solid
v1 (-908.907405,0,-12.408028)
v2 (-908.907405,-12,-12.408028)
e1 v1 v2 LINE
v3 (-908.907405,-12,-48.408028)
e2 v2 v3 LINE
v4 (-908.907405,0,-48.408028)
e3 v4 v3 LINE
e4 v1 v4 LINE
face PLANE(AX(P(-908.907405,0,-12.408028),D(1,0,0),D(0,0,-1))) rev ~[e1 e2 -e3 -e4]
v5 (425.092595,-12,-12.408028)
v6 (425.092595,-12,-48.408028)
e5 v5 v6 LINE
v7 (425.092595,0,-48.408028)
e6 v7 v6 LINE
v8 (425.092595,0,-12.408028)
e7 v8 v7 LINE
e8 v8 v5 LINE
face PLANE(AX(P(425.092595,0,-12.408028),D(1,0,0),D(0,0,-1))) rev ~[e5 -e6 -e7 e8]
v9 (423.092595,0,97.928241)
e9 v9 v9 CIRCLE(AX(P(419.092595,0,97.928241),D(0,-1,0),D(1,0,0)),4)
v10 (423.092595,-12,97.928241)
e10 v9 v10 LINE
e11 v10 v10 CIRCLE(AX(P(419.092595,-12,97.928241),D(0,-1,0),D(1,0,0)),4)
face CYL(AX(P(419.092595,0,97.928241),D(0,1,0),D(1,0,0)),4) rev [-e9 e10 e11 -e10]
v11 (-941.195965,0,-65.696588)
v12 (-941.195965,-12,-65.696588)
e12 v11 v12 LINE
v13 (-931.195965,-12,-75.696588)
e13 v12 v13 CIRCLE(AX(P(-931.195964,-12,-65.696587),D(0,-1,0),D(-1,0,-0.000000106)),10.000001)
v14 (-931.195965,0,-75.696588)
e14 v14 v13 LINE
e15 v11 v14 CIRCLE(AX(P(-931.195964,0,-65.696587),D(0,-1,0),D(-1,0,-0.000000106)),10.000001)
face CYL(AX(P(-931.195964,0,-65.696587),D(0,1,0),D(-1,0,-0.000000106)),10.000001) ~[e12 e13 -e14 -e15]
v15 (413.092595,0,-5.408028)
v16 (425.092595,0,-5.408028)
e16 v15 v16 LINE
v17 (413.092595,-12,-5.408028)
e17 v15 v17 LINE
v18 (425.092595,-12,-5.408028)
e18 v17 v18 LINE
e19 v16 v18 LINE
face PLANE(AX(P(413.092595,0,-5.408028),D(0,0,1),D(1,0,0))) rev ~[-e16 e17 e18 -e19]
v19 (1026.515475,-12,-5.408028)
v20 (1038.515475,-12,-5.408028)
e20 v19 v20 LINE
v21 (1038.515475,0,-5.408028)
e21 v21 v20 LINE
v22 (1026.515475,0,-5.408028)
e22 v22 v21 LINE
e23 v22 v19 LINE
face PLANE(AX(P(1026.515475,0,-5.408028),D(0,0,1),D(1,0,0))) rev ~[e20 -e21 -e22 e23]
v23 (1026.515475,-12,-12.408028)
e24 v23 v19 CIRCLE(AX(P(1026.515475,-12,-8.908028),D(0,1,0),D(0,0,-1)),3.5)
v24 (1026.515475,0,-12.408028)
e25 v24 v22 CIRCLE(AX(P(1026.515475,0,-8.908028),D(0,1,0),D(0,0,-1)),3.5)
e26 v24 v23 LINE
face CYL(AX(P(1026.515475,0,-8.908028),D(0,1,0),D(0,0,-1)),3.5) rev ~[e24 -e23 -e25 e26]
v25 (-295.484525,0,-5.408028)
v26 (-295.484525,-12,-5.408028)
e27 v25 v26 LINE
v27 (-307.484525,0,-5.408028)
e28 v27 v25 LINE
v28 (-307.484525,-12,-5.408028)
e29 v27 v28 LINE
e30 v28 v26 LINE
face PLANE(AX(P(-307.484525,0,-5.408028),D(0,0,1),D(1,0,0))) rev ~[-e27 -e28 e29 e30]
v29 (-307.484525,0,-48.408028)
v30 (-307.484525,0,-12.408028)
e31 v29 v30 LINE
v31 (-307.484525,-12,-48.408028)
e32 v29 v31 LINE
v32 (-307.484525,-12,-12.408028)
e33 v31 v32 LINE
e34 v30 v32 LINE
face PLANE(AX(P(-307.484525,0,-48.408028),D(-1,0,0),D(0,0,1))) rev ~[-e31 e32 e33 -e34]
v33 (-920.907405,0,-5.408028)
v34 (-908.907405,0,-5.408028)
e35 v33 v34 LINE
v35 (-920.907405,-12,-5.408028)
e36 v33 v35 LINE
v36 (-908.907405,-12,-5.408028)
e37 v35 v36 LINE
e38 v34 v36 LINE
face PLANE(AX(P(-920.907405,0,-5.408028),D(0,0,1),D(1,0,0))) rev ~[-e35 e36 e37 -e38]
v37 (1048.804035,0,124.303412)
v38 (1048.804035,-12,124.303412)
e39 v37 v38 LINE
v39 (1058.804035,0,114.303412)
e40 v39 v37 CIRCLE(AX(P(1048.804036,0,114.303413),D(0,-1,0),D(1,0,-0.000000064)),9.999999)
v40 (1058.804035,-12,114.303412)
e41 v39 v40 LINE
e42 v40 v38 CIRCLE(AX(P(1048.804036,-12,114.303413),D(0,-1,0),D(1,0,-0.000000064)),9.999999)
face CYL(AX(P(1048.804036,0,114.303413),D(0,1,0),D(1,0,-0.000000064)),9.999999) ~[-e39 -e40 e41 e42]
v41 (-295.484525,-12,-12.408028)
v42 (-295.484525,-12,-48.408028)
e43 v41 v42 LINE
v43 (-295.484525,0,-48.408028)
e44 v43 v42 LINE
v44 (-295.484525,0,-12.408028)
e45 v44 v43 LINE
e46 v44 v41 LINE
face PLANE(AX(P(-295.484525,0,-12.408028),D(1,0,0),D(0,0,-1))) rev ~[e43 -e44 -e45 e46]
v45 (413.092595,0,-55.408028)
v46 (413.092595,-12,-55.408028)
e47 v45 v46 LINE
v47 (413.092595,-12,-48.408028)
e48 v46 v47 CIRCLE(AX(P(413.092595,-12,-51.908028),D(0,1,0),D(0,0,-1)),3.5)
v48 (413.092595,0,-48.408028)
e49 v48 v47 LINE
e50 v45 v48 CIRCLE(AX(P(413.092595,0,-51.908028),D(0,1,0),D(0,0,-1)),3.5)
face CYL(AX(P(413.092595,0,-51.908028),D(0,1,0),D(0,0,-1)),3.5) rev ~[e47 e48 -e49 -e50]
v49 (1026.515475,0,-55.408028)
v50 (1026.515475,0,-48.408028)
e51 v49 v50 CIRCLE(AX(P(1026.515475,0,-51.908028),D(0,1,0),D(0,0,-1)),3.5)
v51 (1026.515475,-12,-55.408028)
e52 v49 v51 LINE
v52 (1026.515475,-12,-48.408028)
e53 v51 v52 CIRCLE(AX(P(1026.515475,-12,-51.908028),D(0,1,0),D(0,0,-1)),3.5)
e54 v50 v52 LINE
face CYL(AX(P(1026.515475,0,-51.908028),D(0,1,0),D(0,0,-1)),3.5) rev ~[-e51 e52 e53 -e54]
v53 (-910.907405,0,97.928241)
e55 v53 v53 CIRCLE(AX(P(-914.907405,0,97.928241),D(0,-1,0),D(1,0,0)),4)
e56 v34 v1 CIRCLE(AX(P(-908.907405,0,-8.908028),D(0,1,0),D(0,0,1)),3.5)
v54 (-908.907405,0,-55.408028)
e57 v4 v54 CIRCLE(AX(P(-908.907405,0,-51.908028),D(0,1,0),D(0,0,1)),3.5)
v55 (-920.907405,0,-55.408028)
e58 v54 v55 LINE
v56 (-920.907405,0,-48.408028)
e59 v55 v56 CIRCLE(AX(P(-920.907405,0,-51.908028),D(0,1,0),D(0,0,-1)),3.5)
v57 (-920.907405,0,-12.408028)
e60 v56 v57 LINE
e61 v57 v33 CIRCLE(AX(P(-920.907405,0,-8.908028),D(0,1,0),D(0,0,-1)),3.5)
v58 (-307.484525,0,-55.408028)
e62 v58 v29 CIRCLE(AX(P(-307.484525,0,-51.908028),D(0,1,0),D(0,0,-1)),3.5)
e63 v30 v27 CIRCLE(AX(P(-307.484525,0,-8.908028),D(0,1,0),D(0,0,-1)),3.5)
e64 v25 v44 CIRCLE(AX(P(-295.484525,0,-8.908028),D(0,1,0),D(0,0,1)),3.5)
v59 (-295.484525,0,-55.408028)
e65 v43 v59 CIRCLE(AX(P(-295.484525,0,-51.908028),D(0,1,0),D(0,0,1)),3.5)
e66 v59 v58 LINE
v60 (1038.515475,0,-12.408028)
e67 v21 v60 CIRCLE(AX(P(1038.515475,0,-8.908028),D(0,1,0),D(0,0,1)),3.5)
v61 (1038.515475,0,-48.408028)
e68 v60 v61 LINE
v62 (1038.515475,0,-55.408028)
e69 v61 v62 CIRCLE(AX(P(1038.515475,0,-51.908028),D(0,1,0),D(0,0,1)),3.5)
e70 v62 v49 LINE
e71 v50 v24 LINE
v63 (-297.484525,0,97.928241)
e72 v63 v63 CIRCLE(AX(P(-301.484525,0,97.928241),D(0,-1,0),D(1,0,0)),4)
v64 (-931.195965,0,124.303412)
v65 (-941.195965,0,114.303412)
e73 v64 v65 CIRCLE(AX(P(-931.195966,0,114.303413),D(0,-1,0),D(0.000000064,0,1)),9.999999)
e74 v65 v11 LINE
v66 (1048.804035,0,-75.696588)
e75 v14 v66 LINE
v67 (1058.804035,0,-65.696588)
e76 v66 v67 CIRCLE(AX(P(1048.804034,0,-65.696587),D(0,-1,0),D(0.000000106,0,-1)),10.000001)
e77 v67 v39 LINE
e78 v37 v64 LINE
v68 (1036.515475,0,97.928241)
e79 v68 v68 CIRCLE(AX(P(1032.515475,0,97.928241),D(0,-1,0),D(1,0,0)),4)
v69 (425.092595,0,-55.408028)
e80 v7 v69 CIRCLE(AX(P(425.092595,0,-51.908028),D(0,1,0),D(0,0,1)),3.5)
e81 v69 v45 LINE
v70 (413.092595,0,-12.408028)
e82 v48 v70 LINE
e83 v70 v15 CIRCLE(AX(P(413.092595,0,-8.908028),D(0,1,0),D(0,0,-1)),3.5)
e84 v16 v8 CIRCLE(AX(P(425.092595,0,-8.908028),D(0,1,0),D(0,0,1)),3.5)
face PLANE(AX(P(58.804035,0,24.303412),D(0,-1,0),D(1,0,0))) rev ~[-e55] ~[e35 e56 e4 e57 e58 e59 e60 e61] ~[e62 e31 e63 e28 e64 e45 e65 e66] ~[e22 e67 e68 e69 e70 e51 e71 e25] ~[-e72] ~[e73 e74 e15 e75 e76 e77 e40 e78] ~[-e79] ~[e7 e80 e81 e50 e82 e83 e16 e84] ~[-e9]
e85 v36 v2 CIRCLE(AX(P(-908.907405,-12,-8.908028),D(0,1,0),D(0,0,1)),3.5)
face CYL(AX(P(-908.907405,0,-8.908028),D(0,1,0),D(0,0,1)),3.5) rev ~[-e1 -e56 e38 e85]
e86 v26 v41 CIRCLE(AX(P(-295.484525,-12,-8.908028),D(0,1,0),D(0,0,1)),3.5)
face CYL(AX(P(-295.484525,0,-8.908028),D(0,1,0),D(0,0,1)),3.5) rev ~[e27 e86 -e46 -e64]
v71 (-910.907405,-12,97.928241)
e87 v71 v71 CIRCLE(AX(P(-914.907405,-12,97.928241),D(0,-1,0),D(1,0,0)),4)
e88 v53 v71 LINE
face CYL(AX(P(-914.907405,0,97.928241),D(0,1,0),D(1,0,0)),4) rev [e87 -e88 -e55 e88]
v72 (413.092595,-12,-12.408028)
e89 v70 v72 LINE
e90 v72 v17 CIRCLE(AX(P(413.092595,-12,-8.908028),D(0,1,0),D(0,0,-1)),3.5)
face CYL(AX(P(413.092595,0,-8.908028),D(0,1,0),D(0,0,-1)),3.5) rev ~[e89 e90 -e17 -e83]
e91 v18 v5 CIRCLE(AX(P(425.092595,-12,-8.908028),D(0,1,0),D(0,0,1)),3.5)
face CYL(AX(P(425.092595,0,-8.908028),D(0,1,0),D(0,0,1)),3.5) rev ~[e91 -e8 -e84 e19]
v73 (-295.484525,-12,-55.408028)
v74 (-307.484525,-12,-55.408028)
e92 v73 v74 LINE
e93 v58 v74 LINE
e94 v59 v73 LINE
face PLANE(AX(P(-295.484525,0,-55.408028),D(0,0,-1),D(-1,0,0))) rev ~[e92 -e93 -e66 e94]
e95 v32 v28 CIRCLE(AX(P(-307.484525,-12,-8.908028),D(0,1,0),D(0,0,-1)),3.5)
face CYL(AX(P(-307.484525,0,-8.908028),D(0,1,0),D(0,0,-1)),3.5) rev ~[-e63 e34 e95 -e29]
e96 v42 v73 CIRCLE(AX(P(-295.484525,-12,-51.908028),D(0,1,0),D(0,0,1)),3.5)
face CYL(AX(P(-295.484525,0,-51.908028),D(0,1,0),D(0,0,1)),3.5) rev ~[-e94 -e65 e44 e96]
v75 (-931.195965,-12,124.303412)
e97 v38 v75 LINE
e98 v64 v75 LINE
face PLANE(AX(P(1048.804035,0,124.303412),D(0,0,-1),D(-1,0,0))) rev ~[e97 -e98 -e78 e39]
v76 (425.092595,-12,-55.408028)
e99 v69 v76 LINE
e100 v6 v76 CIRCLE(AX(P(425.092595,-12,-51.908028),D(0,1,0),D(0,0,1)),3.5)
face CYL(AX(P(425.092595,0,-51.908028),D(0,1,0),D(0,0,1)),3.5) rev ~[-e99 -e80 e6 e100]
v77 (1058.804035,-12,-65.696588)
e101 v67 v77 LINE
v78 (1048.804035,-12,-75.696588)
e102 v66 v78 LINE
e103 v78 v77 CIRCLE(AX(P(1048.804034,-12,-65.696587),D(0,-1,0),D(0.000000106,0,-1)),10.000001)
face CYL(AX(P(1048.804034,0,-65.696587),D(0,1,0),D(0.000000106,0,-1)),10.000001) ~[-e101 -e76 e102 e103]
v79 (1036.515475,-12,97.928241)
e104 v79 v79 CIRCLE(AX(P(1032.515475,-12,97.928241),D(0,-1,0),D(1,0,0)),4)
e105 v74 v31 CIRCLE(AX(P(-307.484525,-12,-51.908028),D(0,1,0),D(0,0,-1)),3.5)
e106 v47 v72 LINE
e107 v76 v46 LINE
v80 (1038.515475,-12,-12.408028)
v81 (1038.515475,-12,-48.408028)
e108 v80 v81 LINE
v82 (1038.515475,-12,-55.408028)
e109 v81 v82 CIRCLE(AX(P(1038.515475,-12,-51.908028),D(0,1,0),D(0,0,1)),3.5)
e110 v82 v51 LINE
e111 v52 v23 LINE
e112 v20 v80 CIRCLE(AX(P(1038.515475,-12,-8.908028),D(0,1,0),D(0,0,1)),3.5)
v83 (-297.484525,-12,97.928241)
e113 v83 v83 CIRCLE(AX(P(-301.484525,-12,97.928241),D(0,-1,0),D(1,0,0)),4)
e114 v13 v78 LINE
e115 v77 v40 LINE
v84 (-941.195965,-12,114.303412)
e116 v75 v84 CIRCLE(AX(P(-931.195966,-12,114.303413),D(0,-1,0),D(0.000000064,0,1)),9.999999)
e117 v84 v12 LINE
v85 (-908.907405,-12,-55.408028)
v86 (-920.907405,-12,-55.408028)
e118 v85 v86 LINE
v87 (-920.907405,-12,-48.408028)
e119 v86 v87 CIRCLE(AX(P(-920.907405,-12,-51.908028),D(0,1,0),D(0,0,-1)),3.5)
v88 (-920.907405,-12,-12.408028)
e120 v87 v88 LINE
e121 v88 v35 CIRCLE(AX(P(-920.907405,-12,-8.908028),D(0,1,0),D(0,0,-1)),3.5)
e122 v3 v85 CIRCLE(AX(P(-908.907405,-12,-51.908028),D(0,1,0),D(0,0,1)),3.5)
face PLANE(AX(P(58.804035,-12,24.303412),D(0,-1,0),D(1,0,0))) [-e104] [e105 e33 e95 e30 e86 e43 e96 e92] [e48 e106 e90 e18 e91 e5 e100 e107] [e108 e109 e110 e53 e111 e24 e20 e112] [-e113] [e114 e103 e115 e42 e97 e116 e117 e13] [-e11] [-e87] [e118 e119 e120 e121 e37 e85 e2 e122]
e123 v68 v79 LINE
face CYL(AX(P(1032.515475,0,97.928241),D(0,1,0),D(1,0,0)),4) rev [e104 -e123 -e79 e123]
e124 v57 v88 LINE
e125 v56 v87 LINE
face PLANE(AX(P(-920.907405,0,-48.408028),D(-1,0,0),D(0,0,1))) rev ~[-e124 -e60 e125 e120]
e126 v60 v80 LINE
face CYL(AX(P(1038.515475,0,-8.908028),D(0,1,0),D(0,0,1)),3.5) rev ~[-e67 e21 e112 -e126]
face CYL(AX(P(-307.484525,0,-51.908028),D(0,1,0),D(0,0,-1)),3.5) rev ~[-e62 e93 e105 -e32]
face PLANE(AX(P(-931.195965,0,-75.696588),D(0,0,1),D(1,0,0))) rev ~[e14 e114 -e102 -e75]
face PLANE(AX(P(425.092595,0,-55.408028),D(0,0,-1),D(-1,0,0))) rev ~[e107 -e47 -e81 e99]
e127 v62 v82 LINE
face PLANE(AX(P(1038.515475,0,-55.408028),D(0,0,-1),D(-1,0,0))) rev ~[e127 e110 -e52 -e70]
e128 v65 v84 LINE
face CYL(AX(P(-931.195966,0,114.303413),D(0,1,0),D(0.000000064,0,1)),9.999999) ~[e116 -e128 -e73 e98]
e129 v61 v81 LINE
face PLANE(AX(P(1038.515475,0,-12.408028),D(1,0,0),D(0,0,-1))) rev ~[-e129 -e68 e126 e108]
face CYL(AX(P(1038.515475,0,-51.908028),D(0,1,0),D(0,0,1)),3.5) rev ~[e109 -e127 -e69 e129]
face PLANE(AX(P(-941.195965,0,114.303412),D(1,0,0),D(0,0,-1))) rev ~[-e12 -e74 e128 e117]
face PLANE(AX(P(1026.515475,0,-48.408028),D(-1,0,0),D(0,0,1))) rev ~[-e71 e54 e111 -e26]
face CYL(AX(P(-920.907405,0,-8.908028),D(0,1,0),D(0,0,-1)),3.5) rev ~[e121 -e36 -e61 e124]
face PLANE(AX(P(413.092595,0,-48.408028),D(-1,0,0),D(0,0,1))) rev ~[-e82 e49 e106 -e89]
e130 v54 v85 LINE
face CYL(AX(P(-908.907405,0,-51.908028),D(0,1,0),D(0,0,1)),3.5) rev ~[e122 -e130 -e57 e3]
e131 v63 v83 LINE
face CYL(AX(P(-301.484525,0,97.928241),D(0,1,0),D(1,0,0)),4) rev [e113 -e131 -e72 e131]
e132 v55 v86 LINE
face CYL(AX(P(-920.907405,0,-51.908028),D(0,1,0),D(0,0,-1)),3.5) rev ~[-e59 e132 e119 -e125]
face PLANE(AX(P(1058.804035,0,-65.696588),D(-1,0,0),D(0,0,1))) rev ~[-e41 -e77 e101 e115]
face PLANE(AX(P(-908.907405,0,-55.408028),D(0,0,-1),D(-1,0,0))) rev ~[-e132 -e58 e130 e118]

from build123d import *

# Parameters (mm, degrees)
F0_R     = 4
F1_DEPTH = 12


with BuildPart() as f1:
    # F0 (on Front) → F1 (new body)
    with BuildSketch(Plane.XZ):
        with BuildLine():
            Line((1048.804035, 124.303412), (-931.195965, 124.303412))
            ThreePointArc((-931.195965, 124.303412), (-938.267033, 121.37448), (-941.195965, 114.303412))
            Line((-941.195965, 114.303412), (-941.195965, -65.696588))
            ThreePointArc((-941.195965, -65.696588), (-938.267033, -72.767655), (-931.195965, -75.696588))
            Line((-931.195965, -75.696588), (-920.907405, -75.696588))
            Line((-920.907405, -75.696588), (-902.907405, -75.696588))
            Line((-902.907405, -75.696588), (1048.804035, -75.696588))
            ThreePointArc((1048.804035, -75.696588), (1055.875103, -72.767655), (1058.804035, -65.696588))
            Line((1058.804035, -65.696588), (1058.804035, 114.303412))
            ThreePointArc((1058.804035, 114.303412), (1055.875103, 121.37448), (1048.804035, 124.303412))
        make_face()
        with BuildLine():
            ThreePointArc((-920.907405, -12.408028), (-924.407405, -8.908028), (-920.907405, -5.408028))
            Line((-920.907405, -5.408028), (-908.907405, -5.408028))
            ThreePointArc((-908.907405, -5.408028), (-905.407405, -8.908028), (-908.907405, -12.408028))
            Line((-908.907405, -12.408028), (-908.907405, -48.408028))
            ThreePointArc((-908.907405, -48.408028), (-905.407405, -51.908028), (-908.907405, -55.408028))
            Line((-908.907405, -55.408028), (-920.907405, -55.408028))
            ThreePointArc((-920.907405, -55.408028), (-924.407405, -51.908028), (-920.907405, -48.408028))
            Line((-920.907405, -48.408028), (-920.907405, -12.408028))
        make_face(mode=Mode.SUBTRACT)
        with BuildLine():
            Line((-295.484525, -12.408028), (-295.484525, -48.408028))
            ThreePointArc((-295.484525, -48.408028), (-291.984525, -51.908028), (-295.484525, -55.408028))
            Line((-295.484525, -55.408028), (-307.484525, -55.408028))
            ThreePointArc((-307.484525, -55.408028), (-310.984525, -51.908028), (-307.484525, -48.408028))
            Line((-307.484525, -48.408028), (-307.484525, -12.408028))
            ThreePointArc((-307.484525, -12.408028), (-310.984525, -8.908028), (-307.484525, -5.408028))
            Line((-307.484525, -5.408028), (-295.484525, -5.408028))
            ThreePointArc((-295.484525, -5.408028), (-291.984525, -8.908028), (-295.484525, -12.408028))
        make_face(mode=Mode.SUBTRACT)
        with BuildLine():
            ThreePointArc((413.092595, -55.408028), (409.592595, -51.908028), (413.092595, -48.408028))
            Line((413.092595, -48.408028), (413.092595, -12.408028))
            ThreePointArc((413.092595, -12.408028), (409.592595, -8.908028), (413.092595, -5.408028))
            Line((413.092595, -5.408028), (425.092595, -5.408028))
            ThreePointArc((425.092595, -5.408028), (428.592595, -8.908028), (425.092595, -12.408028))
            Line((425.092595, -12.408028), (425.092595, -48.408028))
            ThreePointArc((425.092595, -48.408028), (428.592595, -51.908028), (425.092595, -55.408028))
            Line((425.092595, -55.408028), (413.092595, -55.408028))
        make_face(mode=Mode.SUBTRACT)
        with BuildLine():
            ThreePointArc((1038.515475, -5.408028), (1042.015475, -8.908028), (1038.515475, -12.408028))
            Line((1038.515475, -12.408028), (1038.515475, -48.408028))
            ThreePointArc((1038.515475, -48.408028), (1042.015475, -51.908028), (1038.515475, -55.408028))
            Line((1038.515475, -55.408028), (1026.515475, -55.408028))
            ThreePointArc((1026.515475, -55.408028), (1023.015475, -51.908028), (1026.515475, -48.408028))
            Line((1026.515475, -48.408028), (1026.515475, -12.408028))
            ThreePointArc((1026.515475, -12.408028), (1023.015475, -8.908028), (1026.515475, -5.408028))
            Line((1026.515475, -5.408028), (1038.515475, -5.408028))
        make_face(mode=Mode.SUBTRACT)
        with Locations((-914.907405, 97.928241)):
            Circle(F0_R, mode=Mode.SUBTRACT)
        with Locations((-301.484525, 97.928241)):
            Circle(F0_R, mode=Mode.SUBTRACT)
        with Locations((419.092595, 97.928241)):
            Circle(F0_R, mode=Mode.SUBTRACT)
        with Locations((1032.515475, 97.928241)):
            Circle(F0_R, mode=Mode.SUBTRACT)
    extrude(amount=F1_DEPTH)


solid = f1.part
